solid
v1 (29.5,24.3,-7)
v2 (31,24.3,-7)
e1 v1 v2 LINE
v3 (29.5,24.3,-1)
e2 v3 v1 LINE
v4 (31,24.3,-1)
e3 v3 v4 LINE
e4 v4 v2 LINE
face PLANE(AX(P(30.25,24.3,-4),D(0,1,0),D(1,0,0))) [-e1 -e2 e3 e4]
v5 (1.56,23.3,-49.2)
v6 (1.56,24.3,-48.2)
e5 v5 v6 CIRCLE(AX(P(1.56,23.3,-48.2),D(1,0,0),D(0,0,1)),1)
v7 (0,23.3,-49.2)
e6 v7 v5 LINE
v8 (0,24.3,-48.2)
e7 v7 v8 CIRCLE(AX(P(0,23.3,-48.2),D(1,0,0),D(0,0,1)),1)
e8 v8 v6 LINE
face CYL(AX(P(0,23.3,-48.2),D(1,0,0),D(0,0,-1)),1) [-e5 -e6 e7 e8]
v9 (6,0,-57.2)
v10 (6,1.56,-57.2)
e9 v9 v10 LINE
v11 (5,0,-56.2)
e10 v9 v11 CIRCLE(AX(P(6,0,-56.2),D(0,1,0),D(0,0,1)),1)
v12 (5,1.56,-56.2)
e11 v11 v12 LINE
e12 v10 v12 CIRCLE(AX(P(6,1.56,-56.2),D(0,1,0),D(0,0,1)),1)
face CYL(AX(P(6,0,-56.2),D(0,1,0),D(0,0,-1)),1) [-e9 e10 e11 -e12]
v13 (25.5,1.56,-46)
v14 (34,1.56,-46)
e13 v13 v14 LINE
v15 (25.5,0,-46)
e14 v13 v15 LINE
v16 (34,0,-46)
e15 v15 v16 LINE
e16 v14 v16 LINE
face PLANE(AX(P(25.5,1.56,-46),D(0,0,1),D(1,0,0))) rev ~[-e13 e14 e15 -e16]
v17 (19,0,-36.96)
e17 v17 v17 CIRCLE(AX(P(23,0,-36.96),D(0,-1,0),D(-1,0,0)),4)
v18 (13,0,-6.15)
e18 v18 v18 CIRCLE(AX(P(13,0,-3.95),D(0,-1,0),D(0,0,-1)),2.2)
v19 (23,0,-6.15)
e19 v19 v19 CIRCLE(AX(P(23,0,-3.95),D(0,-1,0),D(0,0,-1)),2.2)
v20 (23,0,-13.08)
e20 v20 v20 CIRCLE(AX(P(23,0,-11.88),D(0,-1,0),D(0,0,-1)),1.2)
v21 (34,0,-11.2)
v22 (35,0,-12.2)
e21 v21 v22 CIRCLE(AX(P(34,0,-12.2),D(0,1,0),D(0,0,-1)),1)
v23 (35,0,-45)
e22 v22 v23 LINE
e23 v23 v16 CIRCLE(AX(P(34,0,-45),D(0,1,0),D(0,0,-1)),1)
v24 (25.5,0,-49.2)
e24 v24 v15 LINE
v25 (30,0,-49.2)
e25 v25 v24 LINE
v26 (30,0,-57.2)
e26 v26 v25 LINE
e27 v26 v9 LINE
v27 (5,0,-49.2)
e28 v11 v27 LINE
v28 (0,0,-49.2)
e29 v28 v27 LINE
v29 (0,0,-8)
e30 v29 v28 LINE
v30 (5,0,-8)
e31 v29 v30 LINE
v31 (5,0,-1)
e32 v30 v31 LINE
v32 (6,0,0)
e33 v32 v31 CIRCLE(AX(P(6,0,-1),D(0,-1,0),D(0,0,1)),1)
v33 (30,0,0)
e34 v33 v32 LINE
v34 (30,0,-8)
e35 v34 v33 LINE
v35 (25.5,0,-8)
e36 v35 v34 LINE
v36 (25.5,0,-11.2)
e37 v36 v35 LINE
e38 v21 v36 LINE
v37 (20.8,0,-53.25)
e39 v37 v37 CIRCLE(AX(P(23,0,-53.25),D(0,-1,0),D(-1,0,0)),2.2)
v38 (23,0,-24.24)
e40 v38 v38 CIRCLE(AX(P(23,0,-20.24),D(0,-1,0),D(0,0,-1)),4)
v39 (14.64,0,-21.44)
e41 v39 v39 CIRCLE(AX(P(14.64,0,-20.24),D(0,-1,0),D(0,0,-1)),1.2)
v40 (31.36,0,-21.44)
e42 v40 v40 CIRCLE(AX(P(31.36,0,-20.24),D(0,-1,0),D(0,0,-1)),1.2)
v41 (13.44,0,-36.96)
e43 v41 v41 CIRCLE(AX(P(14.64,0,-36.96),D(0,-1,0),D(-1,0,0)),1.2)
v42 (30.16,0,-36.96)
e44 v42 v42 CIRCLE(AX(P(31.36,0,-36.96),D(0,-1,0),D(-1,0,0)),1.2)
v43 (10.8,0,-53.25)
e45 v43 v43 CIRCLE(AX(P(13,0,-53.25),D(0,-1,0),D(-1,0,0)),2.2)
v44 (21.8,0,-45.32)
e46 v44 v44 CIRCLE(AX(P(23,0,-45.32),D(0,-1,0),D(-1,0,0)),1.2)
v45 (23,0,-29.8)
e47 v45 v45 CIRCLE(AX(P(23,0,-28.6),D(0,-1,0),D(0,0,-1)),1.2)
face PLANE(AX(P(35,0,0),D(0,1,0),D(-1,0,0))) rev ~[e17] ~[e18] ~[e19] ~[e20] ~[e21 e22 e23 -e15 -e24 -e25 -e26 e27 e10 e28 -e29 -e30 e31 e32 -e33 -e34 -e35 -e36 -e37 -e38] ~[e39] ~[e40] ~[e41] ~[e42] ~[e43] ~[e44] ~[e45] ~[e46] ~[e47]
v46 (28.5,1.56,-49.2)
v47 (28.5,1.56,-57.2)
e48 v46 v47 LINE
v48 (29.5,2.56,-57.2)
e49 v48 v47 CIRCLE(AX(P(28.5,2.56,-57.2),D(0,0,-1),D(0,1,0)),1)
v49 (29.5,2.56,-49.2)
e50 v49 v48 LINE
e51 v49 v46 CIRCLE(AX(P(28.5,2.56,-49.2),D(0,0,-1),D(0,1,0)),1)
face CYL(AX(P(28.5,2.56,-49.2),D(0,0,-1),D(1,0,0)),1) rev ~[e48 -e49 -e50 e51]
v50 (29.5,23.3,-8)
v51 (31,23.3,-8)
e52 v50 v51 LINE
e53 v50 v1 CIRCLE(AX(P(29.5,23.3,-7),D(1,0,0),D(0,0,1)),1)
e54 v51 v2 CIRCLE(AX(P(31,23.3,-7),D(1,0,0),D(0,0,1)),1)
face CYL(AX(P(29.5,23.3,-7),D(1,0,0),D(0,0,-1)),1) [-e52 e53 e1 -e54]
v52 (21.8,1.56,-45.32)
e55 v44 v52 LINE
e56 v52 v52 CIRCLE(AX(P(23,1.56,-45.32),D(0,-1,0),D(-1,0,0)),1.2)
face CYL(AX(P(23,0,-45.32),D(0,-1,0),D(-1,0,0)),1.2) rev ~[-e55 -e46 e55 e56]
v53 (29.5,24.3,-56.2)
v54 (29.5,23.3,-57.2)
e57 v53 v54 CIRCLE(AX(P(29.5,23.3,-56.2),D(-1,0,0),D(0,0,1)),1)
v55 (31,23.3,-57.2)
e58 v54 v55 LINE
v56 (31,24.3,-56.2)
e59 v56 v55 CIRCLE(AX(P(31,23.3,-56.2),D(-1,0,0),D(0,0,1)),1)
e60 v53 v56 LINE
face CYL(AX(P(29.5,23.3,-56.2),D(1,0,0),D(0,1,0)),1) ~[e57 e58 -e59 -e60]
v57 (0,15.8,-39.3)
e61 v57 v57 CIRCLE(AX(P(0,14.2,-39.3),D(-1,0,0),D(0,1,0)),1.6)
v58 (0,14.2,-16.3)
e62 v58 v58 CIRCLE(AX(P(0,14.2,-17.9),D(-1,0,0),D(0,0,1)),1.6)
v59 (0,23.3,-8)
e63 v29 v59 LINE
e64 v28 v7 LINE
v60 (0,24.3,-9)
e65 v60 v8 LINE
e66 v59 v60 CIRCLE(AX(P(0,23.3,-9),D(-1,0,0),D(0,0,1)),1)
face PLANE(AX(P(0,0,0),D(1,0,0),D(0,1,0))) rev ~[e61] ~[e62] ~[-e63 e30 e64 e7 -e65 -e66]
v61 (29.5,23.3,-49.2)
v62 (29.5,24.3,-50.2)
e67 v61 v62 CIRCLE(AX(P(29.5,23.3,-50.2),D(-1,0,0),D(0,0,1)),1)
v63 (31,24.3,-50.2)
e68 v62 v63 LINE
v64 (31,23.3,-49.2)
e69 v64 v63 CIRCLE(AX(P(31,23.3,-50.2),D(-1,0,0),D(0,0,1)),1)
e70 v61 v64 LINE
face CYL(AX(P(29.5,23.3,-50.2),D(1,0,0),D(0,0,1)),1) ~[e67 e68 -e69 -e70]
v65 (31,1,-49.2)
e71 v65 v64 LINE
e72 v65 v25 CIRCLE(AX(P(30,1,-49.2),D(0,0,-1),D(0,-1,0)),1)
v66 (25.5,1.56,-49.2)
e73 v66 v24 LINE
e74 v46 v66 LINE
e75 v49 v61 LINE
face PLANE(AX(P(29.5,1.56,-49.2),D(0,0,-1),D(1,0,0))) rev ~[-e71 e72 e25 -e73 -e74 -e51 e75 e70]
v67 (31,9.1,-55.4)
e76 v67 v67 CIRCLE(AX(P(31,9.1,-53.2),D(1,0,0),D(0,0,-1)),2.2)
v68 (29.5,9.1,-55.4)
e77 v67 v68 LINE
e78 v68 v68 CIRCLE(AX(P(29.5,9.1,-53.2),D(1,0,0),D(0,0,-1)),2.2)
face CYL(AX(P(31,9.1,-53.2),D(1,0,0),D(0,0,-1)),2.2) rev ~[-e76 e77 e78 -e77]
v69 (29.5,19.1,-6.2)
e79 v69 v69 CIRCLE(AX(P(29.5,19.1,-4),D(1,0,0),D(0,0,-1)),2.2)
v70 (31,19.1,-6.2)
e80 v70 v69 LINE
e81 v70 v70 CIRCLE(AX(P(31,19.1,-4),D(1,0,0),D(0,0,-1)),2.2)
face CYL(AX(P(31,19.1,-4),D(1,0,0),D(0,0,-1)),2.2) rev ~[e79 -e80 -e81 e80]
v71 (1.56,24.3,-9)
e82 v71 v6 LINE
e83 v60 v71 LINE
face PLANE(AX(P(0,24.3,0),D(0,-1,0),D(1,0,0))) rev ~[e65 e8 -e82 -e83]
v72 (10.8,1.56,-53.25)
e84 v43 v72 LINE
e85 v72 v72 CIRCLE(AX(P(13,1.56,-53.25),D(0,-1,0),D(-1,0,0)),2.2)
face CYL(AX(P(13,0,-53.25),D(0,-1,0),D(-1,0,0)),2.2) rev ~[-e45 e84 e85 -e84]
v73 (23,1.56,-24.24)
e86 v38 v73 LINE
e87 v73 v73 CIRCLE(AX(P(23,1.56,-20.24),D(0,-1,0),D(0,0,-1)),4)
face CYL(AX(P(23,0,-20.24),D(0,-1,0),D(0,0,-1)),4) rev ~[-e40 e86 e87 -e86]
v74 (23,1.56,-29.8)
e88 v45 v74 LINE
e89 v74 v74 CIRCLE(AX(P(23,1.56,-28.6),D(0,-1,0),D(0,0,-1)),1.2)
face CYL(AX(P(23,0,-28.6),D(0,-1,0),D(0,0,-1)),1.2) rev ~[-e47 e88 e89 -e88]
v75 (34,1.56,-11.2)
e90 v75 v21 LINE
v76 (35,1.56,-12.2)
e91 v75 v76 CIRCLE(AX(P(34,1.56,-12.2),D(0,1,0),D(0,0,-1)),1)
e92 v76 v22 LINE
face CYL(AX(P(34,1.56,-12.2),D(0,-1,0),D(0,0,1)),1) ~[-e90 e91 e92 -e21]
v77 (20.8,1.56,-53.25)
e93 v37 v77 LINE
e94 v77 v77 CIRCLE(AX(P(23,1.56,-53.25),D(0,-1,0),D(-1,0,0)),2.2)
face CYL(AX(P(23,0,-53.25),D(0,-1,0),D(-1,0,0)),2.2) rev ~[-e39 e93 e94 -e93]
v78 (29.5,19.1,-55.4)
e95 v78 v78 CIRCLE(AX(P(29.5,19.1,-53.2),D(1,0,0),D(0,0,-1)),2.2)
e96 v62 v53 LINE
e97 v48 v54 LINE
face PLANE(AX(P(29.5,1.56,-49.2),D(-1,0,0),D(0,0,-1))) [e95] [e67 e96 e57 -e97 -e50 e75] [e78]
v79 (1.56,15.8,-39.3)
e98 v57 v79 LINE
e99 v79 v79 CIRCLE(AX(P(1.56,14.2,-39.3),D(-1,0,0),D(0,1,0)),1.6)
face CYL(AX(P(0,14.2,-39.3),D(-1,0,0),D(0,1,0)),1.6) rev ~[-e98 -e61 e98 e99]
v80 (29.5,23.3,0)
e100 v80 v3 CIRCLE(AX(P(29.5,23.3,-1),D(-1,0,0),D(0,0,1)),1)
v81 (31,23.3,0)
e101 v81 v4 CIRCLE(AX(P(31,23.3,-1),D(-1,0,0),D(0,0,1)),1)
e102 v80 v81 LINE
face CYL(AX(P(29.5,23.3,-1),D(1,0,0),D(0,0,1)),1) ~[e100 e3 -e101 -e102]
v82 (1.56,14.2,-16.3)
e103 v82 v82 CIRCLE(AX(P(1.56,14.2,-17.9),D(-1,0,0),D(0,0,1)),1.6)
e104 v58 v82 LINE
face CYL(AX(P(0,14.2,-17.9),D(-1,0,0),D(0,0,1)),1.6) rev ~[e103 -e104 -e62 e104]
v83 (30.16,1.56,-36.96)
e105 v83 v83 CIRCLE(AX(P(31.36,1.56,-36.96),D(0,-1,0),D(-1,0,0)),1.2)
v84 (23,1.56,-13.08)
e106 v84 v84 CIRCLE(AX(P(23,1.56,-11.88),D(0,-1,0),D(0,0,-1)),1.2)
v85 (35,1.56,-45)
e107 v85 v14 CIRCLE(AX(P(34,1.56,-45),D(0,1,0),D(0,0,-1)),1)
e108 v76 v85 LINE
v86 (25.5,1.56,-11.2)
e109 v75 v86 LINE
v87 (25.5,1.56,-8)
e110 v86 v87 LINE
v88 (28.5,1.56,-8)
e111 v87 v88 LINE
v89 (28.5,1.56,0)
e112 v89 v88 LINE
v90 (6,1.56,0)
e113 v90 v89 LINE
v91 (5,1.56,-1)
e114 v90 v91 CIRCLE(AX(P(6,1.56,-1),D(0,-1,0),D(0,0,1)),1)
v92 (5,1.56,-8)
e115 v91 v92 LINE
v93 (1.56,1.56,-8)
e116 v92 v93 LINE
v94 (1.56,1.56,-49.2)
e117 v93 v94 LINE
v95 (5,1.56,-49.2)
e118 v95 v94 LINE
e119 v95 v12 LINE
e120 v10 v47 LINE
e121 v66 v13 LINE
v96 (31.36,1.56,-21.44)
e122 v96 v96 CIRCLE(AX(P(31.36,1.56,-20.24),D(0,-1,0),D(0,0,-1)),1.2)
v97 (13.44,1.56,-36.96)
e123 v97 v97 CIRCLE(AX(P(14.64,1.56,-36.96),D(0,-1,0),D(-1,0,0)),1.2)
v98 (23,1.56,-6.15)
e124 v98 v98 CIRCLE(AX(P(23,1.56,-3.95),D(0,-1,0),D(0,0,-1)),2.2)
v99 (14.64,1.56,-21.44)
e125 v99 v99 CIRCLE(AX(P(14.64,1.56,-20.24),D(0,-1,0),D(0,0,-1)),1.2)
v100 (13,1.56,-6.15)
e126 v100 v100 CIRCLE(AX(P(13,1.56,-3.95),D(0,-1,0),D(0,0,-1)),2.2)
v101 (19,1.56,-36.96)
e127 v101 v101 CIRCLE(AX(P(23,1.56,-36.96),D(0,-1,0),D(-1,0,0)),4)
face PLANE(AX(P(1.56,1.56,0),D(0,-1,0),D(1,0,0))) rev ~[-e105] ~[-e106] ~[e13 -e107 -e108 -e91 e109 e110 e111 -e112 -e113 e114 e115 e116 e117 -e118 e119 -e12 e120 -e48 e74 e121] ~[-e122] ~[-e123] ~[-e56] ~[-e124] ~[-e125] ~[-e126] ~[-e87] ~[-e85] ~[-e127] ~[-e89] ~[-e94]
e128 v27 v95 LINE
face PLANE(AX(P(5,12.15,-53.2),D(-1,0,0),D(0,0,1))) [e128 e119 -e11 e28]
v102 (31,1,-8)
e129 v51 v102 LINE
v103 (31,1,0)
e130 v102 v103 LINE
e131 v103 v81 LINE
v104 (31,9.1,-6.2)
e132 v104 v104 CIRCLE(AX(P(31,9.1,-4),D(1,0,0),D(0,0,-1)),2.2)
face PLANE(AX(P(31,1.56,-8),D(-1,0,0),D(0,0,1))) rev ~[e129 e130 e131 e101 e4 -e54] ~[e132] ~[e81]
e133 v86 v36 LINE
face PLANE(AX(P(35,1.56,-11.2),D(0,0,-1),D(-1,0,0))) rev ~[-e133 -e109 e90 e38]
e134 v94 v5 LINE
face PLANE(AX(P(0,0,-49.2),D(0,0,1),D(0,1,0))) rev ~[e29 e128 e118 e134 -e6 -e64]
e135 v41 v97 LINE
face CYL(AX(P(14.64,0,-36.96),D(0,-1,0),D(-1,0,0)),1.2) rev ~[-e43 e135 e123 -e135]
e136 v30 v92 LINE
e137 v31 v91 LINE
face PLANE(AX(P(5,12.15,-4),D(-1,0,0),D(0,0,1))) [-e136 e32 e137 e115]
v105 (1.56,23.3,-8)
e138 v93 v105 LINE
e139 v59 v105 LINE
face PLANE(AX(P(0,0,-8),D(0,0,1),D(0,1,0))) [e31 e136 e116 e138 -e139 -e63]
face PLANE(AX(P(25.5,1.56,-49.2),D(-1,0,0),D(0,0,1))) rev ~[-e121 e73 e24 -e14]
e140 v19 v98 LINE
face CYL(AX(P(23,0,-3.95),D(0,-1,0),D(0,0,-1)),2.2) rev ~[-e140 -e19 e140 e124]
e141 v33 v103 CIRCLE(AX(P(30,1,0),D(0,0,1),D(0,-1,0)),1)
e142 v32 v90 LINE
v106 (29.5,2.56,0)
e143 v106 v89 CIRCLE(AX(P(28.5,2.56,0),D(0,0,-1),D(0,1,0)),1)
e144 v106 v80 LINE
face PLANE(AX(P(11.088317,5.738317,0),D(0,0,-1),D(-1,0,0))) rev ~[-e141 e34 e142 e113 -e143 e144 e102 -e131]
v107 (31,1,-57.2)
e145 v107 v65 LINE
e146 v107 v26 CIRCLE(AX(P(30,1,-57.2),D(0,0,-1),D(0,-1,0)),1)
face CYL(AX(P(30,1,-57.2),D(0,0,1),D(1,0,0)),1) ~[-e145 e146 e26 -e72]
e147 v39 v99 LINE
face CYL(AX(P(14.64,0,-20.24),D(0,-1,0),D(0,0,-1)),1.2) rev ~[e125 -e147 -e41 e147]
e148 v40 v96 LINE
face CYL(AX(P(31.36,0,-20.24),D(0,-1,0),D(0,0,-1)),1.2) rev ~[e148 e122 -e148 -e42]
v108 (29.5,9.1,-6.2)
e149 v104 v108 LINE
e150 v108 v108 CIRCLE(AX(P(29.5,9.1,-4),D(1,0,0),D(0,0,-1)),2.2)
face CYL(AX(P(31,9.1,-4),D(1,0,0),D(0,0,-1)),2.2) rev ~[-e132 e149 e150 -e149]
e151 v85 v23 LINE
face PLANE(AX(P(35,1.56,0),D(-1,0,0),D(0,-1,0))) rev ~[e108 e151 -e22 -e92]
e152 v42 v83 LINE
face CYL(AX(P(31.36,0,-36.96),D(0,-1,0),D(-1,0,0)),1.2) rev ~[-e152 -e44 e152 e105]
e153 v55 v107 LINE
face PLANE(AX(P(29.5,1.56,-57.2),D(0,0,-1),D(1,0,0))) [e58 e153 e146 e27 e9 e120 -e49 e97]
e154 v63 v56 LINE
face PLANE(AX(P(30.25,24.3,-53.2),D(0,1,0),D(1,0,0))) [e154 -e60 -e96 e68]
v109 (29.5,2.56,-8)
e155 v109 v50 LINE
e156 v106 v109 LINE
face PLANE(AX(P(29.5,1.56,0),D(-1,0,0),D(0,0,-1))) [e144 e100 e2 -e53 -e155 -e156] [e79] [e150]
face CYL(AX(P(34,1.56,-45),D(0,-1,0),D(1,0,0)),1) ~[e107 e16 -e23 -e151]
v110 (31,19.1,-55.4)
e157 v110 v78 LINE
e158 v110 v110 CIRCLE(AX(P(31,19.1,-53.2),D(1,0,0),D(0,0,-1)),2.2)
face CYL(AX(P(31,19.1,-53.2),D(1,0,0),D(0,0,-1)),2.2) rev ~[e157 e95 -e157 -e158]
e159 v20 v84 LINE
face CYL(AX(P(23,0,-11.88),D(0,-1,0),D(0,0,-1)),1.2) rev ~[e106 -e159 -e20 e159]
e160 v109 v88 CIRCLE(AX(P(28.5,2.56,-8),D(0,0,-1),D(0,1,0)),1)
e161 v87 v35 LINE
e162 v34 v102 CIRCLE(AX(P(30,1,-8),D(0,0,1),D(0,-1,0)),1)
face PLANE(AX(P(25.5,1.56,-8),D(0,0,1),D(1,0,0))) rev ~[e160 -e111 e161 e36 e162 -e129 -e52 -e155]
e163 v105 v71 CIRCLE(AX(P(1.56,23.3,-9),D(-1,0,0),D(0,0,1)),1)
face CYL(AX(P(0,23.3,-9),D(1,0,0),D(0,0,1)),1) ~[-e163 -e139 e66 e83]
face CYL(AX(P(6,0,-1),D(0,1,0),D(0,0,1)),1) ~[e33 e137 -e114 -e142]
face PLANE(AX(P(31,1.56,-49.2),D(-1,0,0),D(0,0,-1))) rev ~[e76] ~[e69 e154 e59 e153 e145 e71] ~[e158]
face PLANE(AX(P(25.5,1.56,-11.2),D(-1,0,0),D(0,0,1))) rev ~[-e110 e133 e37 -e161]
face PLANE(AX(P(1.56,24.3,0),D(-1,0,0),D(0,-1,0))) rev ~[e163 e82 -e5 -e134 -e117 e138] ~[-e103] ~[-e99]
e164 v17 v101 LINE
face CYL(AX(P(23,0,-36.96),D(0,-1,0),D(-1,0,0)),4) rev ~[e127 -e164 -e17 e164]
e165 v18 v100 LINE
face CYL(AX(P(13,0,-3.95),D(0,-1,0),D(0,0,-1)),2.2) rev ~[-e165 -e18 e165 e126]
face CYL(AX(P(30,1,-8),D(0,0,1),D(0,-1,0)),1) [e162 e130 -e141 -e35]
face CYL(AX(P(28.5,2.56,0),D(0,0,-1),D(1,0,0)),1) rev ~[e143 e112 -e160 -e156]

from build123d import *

# Parameters (mm, degrees)
BOSS_EXTRUDE1_DEPTH = 57.2
SKETCH2_R           = 4
SKETCH2_R_2         = 2.2
SKETCH2_R_3         = 1.2
CUT_EXTRUDE1_DEPTH  = 72.325521379
SKETCH3_R           = 1.6
SKETCH3_W           = 8
SKETCH3_H           = 24.3
CUT_EXTRUDE3_DEPTH  = 5
CUT_EXTRUDE4_DEPTH  = 71.809233861
SKETCH5_W           = 1.5
SKETCH5_H           = 8
BOSS_EXTRUDE2_DEPTH = 22.74
FILLET1_R           = 1
SKETCH6_R           = 2.2
CUT_EXTRUDE5_DEPTH  = 5
FILLET2_R           = 1


with BuildPart() as part:
    # Sketch1 → Boss-Extrude1 (new body)
    with BuildSketch(Plane.XY):
        Polygon((0, 24.3), (1.56, 24.3), (1.56, 1.56), (35, 1.56), (35, 0), (0, 0), align=None)
    extrude(amount=-BOSS_EXTRUDE1_DEPTH)

    # Sketch2 → Cut-Extrude1 (cut, through all)
    with BuildSketch(Plane.XZ):
        with Locations(Location((23, -20.24, 0), (0, 0, 270))):
            Circle(SKETCH2_R)
        with Locations(Location((13, -53.25, 0), (0, 0, 180))):
            Circle(SKETCH2_R_2)
        with Locations(Location((23, -28.6, 0), (0, 0, 270))):
            Circle(SKETCH2_R_3)
        with Locations(Location((14.64, -20.24, 0), (0, 0, 270))):
            Circle(SKETCH2_R_3)
        with Locations(Location((23, -11.88, 0), (0, 0, 270))):
            Circle(SKETCH2_R_3)
        with Locations(Location((31.36, -20.24, 0), (0, 0, 270))):
            Circle(SKETCH2_R_3)
        with Locations(Location((23, -53.25, 0), (0, 0, 180))):
            Circle(SKETCH2_R_2)
        with Locations(Location((14.64, -36.96, 0), (0, 0, 180))):
            Circle(SKETCH2_R_3)
        with Locations(Location((31.36, -36.96, 0), (0, 0, 180))):
            Circle(SKETCH2_R_3)
        with Locations(Location((23, -3.95, 0), (0, 0, 270))):
            Circle(SKETCH2_R_2)
        with Locations(Location((23, -45.32, 0), (0, 0, 180))):
            Circle(SKETCH2_R_3)
        with Locations(Location((23, -36.96, 0), (0, 0, 180))):
            Circle(SKETCH2_R)
        with Locations(Location((13, -3.95, 0), (0, 0, 270))):
            Circle(SKETCH2_R_2)
    extrude(amount=-CUT_EXTRUDE1_DEPTH, mode=Mode.SUBTRACT)

    # Sketch3 → Cut-Extrude3 (cut)
    with BuildSketch(Plane.ZY):
        with Locations((-17.9, 14.2)):
            Circle(SKETCH3_R)
        with Locations(Location((-39.3, 14.2, 0), (0, 0, 90))):
            Circle(SKETCH3_R)
        with Locations((-4, 12.15)):
            Rectangle(SKETCH3_W, SKETCH3_H)
        with Locations((-53.2, 12.15)):
            Rectangle(SKETCH3_W, SKETCH3_H)
    extrude(amount=-CUT_EXTRUDE3_DEPTH, mode=Mode.SUBTRACT)

    # Sketch4 → Cut-Extrude4 (cut, through all)
    with BuildSketch(Plane(origin=(0, 1.56, 0), x_dir=(1, 0, 0), z_dir=(0, 1, 0))):
        Polygon((35, 57.2), (31, 57.2), (31, 49.2), (25.5, 49.2), (25.5, 46), (35, 46), align=None)
        Polygon((31, 8), (31, 0), (35, 0), (35, 11.2), (25.5, 11.2), (25.5, 8), align=None)
    extrude(amount=-CUT_EXTRUDE4_DEPTH, mode=Mode.SUBTRACT)

    # Sketch5 → Boss-Extrude2 (add)
    with BuildSketch(Plane(origin=(0, 1.56, 0), x_dir=(1, 0, 0), z_dir=(0, 1, 0))):
        with Locations((30.25, 53.2)):
            Rectangle(SKETCH5_W, SKETCH5_H)
        with Locations((30.25, 4)):
            Rectangle(SKETCH5_W, SKETCH5_H)
    extrude(amount=BOSS_EXTRUDE2_DEPTH)

    # Fillet1
    fillet1_edges = [part.edges().sort_by_distance(p)[0] for p in [
        (31, 0, -53.2),
        (31, 0, -4),
        (29.5, 1.56, -53.2),
        (29.5, 1.56, -4),
    ]]
    fillet(fillet1_edges, radius=FILLET1_R)

    # Sketch6 → Cut-Extrude5 (cut)
    with BuildSketch(Plane(origin=(31, 0, 0), x_dir=(0, 0, -1), z_dir=(1, 0, 0))):
        with Locations((4, 19.1)):
            Circle(SKETCH6_R)
        with Locations((4, 9.1)):
            Circle(SKETCH6_R)
        with Locations((53.2, 9.1)):
            Circle(SKETCH6_R)
        with Locations((53.2, 19.1)):
            Circle(SKETCH6_R)
    extrude(amount=-CUT_EXTRUDE5_DEPTH, mode=Mode.SUBTRACT)

    # Fillet2
    fillet2_edges = [part.edges().sort_by_distance(p)[0] for p in [
        (5, 0.78, -57.2),
        (0.78, 24.3, -49.2),
        (35, 0.78, -46),
        (35, 0.78, -11.2),
        (30.25, 24.3, -57.2),
        (30.25, 24.3, -49.2),
        (30.25, 24.3, -8),
        (30.25, 24.3, 0),
        (5, 0.78, 0),
        (0.78, 24.3, -8),
    ]]
    fillet(fillet2_edges, radius=FILLET2_R)


solid = part.part
